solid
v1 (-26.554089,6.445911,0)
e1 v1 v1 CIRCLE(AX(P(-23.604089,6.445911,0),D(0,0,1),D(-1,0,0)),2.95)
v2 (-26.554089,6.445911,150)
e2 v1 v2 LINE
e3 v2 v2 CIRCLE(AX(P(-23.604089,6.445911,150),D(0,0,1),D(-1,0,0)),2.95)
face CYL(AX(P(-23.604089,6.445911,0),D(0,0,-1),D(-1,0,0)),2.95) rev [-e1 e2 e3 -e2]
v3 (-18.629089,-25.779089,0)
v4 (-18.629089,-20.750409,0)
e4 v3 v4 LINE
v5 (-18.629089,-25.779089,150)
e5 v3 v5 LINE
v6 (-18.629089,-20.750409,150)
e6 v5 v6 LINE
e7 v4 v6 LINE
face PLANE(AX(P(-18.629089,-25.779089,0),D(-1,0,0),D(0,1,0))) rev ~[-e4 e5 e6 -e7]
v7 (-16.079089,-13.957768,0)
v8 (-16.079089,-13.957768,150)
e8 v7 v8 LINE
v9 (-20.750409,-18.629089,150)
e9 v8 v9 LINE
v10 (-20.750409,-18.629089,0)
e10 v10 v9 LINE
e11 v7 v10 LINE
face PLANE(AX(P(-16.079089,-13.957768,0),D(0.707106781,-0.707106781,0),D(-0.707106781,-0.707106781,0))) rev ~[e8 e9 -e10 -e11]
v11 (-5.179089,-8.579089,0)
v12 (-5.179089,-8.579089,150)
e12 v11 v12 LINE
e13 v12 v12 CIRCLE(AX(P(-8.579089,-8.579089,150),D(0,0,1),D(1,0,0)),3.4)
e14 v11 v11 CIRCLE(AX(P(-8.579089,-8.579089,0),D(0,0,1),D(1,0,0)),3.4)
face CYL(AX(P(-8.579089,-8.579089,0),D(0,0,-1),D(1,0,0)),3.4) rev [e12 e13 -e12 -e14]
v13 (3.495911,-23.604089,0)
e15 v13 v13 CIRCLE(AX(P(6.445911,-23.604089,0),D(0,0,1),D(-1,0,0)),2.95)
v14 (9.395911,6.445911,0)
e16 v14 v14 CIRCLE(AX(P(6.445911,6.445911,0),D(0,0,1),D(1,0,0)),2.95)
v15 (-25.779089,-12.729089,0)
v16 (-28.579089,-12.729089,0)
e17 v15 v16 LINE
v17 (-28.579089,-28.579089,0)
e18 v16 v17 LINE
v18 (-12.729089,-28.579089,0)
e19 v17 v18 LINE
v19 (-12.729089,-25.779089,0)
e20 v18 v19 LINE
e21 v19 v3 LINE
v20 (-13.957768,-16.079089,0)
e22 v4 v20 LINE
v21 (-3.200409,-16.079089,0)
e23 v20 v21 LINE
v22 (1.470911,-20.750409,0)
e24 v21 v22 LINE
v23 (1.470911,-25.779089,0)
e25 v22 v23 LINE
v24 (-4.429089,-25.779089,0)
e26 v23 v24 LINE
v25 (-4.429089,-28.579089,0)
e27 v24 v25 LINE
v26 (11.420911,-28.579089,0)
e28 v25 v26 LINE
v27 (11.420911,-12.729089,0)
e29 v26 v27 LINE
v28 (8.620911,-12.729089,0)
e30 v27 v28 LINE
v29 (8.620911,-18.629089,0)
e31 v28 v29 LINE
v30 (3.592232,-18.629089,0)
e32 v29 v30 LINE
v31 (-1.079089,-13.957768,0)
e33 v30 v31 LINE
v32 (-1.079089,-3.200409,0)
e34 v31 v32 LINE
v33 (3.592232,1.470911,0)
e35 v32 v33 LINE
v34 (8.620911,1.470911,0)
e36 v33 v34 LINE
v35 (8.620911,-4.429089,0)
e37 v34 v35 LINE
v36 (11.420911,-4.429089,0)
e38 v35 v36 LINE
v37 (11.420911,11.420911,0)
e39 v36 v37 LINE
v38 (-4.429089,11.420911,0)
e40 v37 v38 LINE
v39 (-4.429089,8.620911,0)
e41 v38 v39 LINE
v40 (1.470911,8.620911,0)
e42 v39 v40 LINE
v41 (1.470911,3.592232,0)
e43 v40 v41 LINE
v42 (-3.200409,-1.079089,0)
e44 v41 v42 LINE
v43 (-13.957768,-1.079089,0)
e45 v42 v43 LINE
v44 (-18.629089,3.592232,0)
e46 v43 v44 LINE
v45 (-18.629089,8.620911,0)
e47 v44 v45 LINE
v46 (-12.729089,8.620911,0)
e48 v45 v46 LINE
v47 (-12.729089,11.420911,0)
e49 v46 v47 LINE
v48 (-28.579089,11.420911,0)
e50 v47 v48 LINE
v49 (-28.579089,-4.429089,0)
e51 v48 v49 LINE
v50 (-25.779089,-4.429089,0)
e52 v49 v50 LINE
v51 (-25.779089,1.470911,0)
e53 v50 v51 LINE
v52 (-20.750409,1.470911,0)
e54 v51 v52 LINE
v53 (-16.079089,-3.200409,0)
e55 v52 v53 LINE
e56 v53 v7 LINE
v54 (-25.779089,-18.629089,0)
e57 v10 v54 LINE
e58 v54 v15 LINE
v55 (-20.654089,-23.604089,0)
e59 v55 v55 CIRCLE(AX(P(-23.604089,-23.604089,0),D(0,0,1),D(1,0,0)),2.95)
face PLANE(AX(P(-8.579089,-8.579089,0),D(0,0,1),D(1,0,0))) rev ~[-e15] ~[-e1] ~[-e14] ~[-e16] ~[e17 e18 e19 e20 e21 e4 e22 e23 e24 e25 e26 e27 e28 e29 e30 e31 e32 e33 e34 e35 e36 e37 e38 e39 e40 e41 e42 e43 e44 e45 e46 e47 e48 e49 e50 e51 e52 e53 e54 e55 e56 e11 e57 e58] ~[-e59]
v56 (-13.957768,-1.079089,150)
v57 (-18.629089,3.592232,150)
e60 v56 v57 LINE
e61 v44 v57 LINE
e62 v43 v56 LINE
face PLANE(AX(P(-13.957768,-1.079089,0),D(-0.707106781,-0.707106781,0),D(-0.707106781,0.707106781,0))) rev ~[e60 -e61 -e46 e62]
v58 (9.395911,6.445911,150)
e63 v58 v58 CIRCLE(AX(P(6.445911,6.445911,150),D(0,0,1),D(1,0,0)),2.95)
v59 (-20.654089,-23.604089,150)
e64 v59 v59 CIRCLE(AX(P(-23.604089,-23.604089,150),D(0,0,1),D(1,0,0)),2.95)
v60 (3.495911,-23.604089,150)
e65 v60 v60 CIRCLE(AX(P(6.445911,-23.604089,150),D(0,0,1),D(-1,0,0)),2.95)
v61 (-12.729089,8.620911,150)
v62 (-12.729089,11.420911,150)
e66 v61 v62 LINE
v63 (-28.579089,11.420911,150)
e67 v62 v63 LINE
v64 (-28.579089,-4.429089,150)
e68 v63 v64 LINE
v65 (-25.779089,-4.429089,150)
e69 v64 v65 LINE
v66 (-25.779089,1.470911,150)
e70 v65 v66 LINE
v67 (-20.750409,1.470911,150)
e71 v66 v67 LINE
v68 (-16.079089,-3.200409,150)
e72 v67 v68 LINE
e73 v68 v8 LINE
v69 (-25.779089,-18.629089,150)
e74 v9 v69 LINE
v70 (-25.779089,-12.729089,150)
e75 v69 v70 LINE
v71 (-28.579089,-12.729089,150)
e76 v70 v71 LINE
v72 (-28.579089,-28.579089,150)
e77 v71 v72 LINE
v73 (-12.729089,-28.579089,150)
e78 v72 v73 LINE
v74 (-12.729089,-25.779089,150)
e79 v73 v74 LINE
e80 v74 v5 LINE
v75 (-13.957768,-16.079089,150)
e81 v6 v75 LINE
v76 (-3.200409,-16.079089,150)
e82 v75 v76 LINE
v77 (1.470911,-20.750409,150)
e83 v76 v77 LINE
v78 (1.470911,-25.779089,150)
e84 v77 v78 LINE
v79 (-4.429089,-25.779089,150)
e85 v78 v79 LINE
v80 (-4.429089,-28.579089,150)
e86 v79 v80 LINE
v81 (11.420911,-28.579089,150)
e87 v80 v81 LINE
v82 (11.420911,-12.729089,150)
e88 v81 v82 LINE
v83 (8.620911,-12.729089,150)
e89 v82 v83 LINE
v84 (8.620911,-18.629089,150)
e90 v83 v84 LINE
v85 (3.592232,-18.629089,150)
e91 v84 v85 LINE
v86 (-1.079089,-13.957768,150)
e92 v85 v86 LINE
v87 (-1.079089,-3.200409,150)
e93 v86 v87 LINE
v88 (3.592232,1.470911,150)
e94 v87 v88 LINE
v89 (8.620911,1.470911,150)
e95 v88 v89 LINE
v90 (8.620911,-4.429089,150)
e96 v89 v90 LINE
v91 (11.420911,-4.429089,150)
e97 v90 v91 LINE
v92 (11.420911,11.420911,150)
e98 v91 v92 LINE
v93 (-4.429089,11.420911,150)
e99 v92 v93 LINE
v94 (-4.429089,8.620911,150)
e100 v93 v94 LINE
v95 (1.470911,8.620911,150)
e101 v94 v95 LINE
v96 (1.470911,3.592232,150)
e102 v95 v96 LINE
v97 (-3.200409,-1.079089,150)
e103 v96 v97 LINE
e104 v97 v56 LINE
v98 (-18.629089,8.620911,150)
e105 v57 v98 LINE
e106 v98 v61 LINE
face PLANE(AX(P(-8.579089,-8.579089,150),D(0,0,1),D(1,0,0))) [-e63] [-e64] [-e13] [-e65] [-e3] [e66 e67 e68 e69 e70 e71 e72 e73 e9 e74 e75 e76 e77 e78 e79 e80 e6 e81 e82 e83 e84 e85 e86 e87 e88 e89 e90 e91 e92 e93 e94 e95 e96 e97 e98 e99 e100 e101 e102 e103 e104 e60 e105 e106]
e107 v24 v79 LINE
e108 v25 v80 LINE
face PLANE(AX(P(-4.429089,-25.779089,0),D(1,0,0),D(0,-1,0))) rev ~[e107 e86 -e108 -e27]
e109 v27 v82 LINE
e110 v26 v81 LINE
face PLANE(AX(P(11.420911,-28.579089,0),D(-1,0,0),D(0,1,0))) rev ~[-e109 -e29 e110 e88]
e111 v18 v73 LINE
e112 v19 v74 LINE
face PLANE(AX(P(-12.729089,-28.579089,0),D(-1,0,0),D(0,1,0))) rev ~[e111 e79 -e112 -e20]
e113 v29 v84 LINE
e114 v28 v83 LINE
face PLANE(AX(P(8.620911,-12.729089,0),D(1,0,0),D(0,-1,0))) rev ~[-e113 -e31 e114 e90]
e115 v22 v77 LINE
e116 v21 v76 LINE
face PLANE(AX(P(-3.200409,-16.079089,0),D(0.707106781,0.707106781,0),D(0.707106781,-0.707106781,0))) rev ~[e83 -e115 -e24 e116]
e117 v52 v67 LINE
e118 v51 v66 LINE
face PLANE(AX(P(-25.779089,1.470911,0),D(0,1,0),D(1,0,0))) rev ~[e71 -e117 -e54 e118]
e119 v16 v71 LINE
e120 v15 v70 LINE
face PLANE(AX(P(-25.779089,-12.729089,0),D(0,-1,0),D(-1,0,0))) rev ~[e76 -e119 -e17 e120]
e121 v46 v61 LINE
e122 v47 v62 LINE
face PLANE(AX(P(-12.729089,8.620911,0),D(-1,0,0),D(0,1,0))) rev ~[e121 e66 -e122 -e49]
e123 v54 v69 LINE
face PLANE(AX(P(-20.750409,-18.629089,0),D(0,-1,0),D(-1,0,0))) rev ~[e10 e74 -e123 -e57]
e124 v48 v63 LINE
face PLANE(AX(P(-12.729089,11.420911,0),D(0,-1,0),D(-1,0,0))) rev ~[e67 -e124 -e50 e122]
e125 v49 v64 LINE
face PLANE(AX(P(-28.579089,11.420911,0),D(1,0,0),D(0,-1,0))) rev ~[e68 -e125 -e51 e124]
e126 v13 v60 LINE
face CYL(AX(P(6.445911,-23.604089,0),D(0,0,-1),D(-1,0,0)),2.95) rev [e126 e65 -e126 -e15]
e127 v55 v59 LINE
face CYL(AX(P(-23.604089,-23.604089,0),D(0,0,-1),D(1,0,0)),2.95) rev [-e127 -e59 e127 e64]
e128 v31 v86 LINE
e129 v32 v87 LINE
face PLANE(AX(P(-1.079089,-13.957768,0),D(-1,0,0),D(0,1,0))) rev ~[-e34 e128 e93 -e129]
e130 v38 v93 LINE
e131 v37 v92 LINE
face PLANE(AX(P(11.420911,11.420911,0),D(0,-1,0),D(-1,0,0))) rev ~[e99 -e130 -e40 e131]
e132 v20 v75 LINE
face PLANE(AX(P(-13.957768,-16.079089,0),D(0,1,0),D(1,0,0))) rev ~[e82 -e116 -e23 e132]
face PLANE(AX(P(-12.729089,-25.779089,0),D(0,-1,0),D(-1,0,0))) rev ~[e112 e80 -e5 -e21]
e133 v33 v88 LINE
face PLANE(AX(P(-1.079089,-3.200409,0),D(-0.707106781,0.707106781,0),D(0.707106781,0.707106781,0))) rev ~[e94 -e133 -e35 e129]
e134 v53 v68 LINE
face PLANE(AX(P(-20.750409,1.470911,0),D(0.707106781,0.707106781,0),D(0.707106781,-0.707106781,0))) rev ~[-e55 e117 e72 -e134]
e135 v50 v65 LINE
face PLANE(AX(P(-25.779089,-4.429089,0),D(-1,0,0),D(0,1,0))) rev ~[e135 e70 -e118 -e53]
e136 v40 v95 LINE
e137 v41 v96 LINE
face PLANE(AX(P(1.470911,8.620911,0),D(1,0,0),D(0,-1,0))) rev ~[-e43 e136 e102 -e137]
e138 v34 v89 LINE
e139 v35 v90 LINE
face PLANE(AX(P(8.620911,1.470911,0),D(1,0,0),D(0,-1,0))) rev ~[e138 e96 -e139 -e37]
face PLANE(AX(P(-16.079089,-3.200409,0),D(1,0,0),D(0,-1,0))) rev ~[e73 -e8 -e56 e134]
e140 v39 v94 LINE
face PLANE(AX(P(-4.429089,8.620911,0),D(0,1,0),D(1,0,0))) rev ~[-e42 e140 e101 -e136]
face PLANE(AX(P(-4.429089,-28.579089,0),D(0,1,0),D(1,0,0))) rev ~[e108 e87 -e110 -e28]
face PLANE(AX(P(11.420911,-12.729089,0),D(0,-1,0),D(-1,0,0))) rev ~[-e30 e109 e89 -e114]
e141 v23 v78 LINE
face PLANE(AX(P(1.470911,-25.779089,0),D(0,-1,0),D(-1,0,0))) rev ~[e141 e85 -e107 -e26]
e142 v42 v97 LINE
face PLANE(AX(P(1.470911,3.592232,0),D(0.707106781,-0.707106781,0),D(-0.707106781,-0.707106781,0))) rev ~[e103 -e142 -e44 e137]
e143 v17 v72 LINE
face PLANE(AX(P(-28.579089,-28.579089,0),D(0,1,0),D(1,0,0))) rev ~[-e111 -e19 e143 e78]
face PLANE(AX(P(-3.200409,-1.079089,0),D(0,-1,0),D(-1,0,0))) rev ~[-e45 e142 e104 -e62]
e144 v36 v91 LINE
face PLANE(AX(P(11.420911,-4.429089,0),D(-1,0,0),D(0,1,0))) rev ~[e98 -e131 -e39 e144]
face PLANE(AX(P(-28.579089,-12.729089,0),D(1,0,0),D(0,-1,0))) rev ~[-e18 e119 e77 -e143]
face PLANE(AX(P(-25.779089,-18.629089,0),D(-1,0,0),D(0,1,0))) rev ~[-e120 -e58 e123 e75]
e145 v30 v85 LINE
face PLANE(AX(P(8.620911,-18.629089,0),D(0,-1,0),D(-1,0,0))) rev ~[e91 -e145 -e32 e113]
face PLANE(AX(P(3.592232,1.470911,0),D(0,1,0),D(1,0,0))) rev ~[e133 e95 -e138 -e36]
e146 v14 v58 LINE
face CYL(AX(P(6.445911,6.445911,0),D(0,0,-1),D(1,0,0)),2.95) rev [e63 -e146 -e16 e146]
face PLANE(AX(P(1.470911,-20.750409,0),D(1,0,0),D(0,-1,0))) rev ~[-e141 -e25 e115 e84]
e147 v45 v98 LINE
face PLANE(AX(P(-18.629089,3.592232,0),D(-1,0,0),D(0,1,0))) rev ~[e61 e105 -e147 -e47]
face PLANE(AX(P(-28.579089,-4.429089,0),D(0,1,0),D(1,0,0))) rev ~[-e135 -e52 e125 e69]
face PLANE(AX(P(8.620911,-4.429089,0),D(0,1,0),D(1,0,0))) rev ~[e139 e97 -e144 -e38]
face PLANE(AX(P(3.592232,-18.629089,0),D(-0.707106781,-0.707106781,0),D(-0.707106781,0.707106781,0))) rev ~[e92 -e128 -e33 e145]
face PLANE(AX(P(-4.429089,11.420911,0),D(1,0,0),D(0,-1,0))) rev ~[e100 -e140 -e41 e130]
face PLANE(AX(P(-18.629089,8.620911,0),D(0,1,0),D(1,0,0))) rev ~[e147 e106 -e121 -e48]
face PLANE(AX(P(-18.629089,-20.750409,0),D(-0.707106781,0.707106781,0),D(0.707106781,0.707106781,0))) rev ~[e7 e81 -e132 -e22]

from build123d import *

# Parameters (mm, degrees)
SKETCH_1_R      = 3.4
SKETCH_1_R_2    = 2.95
EXTRUDE_1_DEPTH = 150


with BuildPart() as part:
    # 草图1 → 凸台-拉伸1 (new body)
    with BuildSketch(Plane.XY):
        Polygon((-13.957768282, -16.079088625), (-3.200408969, -16.079088625), (1.470911375, -20.750408969), (1.470911375, -25.779088625), (-4.429088625, -25.779088625), (-4.429088625, -28.579088625), (11.420911375, -28.579088625), (11.420911375, -12.729088625), (8.620911375, -12.729088625), (8.620911375, -18.629088625), (3.592231718, -18.629088625), (-1.079088625, -13.957768282), (-1.079088625, -3.200408969), (3.592231718, 1.470911375), (8.620911375, 1.470911375), (8.620911375, -4.429088625), (11.420911375, -4.429088625), (11.420911375, 11.420911375), (-4.429088625, 11.420911375), (-4.429088625, 8.620911375), (1.470911375, 8.620911375), (1.470911375, 3.592231718), (-3.200408969, -1.079088625), (-13.957768282, -1.079088625), (-18.629088625, 3.592231718), (-18.629088625, 8.620911375), (-12.729088625, 8.620911375), (-12.729088625, 11.420911375), (-28.579088625, 11.420911375), (-28.579088625, -4.429088625), (-25.779088625, -4.429088625), (-25.779088625, 1.470911375), (-20.750408969, 1.470911375), (-16.079088625, -3.200408969), (-16.079088625, -13.957768282), (-20.750408969, -18.629088625), (-25.779088625, -18.629088625), (-25.779088625, -12.729088625), (-28.579088625, -12.729088625), (-28.579088625, -28.579088625), (-12.729088625, -28.579088625), (-12.729088625, -25.779088625), (-18.629088625, -25.779088625), (-18.629088625, -20.750408969), align=None)
        with Locations((-8.579088625, -8.579088625)):
            Circle(SKETCH_1_R, mode=Mode.SUBTRACT)
        with Locations((6.445911375, 6.445911375)):
            Circle(SKETCH_1_R_2, mode=Mode.SUBTRACT)
        with Locations(Location((-23.604088625, 6.445911375, 0), (0, 0, 180))):
            Circle(SKETCH_1_R_2, mode=Mode.SUBTRACT)
        with Locations((-23.604088625, -23.604088625)):
            Circle(SKETCH_1_R_2, mode=Mode.SUBTRACT)
        with Locations(Location((6.445911375, -23.604088625, 0), (0, 0, 180))):
            Circle(SKETCH_1_R_2, mode=Mode.SUBTRACT)
    extrude(amount=EXTRUDE_1_DEPTH)


solid = part.part
